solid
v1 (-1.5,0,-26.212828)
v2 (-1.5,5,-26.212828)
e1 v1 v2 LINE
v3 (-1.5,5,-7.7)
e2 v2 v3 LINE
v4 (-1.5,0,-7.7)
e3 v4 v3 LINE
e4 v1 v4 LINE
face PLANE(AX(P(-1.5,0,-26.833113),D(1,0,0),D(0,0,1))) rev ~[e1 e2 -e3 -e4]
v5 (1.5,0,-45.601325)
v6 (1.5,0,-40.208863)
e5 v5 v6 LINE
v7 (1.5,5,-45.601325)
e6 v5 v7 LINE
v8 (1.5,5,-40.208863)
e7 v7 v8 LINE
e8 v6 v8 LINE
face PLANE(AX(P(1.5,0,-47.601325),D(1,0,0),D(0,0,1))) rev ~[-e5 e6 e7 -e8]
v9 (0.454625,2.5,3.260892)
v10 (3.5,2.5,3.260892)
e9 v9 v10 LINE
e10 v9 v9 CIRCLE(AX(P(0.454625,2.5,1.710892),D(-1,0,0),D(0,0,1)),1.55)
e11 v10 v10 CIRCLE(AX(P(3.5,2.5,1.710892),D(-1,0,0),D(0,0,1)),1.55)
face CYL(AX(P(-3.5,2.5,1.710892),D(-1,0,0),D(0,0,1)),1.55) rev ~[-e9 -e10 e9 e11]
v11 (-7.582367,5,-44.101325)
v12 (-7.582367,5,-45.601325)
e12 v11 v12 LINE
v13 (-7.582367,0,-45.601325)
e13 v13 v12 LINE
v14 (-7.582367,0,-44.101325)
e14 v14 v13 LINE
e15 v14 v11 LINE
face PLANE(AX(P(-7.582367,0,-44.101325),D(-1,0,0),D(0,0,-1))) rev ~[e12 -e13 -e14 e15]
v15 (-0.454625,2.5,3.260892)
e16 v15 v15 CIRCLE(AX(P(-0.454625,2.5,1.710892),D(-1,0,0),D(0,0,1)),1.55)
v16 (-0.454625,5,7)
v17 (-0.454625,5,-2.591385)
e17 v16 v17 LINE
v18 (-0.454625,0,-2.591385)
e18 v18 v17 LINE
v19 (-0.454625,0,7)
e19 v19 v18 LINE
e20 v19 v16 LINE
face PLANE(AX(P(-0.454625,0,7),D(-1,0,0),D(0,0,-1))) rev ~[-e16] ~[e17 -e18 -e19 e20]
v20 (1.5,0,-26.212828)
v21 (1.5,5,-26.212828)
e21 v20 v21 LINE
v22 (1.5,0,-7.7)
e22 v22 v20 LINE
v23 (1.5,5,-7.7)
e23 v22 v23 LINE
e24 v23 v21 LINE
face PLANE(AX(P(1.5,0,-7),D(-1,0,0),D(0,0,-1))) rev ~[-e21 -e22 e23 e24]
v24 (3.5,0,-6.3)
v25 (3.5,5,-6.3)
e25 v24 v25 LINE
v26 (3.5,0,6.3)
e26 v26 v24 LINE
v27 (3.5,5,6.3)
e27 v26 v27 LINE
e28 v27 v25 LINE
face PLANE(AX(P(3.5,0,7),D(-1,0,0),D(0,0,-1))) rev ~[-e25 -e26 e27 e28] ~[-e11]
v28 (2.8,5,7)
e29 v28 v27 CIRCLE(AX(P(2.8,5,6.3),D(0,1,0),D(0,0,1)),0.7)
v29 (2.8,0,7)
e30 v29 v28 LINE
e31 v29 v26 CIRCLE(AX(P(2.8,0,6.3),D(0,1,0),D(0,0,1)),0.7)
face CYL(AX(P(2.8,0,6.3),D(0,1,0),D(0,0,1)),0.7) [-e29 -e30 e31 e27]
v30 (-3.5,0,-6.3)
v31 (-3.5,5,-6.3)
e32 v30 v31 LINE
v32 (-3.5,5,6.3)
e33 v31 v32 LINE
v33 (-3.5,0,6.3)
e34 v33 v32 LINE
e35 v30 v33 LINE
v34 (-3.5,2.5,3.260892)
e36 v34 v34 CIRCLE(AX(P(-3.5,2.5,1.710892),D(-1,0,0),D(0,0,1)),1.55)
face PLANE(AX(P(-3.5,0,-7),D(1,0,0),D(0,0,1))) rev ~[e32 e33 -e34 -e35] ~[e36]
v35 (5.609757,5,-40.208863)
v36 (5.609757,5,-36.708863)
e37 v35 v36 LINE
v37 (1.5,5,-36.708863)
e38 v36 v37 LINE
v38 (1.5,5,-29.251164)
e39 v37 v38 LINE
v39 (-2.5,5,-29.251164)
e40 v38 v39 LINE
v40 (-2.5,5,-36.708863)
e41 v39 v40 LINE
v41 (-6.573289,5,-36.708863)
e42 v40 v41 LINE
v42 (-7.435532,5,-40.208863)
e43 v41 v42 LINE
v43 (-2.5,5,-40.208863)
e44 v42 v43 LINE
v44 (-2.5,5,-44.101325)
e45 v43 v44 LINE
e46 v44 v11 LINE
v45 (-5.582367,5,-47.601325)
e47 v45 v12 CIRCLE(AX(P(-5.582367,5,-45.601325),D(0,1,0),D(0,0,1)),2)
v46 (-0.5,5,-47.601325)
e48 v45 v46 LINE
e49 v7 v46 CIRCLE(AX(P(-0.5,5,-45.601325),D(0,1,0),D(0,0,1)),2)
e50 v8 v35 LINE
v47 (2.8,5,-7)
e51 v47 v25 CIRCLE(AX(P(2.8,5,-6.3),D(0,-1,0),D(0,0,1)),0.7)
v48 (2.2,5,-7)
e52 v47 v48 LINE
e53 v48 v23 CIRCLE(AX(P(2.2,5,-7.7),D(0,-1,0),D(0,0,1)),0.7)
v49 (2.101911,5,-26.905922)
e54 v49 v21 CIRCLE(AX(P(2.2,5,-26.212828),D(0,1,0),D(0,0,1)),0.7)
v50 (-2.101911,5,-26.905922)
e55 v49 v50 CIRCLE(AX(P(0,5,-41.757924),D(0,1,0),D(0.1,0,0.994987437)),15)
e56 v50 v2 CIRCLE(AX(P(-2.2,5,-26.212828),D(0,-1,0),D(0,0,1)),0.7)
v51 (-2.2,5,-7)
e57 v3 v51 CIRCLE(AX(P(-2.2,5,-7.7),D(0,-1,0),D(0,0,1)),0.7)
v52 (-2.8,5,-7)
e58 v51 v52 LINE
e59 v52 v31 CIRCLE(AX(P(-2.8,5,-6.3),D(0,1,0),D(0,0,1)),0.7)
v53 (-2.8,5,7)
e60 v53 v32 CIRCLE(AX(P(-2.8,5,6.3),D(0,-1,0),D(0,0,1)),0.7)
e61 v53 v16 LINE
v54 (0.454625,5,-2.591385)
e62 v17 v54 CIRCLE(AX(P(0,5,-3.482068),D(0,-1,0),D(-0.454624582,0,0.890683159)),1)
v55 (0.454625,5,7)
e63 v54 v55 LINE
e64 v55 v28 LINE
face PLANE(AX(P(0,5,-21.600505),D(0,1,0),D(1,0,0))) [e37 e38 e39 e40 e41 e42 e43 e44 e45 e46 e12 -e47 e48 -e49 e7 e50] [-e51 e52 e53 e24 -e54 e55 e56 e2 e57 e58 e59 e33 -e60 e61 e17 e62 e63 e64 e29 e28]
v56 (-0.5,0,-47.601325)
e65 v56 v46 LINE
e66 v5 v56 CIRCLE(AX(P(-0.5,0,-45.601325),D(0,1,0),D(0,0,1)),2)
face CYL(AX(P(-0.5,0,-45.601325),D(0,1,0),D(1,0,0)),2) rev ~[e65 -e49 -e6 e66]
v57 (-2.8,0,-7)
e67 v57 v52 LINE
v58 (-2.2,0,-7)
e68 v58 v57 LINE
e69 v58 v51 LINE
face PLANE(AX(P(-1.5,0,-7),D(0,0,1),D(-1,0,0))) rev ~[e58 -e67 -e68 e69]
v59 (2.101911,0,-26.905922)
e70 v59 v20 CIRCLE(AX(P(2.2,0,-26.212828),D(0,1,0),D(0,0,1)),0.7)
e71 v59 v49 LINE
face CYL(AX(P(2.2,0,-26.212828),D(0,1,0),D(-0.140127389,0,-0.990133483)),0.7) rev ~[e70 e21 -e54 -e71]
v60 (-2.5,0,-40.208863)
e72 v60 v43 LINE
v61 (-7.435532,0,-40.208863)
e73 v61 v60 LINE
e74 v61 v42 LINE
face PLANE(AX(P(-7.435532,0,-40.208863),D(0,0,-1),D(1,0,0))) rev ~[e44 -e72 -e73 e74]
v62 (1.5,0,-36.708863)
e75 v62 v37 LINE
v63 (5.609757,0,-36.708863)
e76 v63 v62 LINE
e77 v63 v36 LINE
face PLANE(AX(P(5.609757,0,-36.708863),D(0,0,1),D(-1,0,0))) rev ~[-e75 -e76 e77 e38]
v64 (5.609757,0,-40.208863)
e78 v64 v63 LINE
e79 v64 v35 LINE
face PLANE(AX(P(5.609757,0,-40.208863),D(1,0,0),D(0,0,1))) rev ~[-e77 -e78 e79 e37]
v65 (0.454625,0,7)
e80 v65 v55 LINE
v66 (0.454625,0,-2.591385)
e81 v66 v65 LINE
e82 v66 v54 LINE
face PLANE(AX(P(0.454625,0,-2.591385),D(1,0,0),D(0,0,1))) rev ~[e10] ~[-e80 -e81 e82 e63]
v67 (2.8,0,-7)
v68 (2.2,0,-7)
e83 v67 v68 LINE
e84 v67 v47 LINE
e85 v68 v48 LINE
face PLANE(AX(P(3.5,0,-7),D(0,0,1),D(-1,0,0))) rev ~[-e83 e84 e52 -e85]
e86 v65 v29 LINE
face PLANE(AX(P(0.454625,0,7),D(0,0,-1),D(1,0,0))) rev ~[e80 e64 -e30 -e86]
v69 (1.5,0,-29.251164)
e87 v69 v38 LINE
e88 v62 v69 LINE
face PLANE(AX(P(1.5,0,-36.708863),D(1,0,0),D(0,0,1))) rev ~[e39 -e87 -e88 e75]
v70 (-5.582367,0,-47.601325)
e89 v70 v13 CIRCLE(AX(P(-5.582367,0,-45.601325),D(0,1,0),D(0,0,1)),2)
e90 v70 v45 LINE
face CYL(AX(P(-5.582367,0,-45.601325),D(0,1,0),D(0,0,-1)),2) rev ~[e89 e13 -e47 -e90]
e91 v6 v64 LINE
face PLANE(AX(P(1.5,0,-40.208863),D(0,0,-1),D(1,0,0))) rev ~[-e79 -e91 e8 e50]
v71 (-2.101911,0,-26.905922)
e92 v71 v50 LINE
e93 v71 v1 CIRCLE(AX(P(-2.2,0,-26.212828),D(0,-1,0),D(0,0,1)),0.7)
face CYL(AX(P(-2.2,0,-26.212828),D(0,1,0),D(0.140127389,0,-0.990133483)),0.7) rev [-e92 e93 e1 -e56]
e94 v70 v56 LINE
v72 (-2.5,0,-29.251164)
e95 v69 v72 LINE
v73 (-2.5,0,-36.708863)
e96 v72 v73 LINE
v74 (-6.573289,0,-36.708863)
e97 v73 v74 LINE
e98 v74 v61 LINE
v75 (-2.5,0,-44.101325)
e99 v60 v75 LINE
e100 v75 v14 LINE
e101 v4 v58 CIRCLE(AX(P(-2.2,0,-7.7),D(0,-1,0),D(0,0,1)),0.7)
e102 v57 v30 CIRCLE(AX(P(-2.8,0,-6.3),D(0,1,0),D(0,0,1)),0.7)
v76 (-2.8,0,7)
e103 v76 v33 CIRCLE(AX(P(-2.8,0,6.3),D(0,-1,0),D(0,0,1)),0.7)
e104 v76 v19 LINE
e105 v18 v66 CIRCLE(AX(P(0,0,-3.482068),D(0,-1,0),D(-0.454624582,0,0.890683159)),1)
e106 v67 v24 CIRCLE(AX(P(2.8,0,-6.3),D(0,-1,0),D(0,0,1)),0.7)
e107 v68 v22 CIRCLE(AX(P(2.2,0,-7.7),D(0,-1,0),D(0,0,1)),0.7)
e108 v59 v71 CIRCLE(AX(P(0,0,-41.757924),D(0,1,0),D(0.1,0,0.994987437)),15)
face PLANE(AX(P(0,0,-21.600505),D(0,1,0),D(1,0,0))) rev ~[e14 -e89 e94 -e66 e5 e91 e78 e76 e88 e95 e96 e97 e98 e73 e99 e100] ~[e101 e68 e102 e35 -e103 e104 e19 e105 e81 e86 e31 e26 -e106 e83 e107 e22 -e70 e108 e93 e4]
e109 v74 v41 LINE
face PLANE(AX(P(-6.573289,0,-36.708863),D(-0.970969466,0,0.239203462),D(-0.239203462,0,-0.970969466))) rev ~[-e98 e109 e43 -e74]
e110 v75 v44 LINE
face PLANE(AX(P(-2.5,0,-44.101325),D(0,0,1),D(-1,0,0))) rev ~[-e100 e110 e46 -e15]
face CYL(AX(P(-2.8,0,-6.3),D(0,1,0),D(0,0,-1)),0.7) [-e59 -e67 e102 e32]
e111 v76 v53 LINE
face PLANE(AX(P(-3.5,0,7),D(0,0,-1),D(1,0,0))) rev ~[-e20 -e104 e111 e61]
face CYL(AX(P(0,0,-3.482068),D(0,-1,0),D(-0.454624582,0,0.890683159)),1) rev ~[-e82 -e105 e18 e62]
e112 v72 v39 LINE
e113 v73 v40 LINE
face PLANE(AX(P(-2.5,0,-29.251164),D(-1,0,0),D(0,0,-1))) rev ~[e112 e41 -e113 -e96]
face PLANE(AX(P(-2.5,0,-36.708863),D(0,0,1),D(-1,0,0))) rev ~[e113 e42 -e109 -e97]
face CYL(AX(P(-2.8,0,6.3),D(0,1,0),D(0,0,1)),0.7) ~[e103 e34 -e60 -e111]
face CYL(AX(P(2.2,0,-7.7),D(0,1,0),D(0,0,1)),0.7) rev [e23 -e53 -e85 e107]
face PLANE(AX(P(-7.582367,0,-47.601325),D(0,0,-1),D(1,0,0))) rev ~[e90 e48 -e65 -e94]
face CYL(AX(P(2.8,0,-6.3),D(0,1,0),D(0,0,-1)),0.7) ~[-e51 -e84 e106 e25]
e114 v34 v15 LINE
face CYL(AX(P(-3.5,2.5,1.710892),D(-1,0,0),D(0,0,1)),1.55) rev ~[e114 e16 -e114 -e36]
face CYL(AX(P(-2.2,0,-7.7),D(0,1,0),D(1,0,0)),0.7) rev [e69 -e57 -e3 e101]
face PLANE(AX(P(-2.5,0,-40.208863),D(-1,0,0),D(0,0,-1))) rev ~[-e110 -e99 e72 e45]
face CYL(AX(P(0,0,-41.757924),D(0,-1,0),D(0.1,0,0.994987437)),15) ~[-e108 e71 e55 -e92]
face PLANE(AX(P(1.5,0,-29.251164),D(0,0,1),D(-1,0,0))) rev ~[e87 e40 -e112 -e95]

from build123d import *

# Parameters (mm, degrees)
BOSS_EXTRUDE2_DEPTH = 5
SKETCH5_R           = 1.55
CUT_EXTRUDE1_DEPTH  = 60.905859109
FILLET6_R           = 0.7
FILLET7_R           = 0.7
FILLET8_R           = 0.7
FILLET9_R           = 0.7
FILLET10_R          = 0.7
FILLET11_R          = 0.7
FILLET12_R          = 0.7
FILLET13_R          = 0.7
FILLET14_R          = 2
FILLET15_R          = 2


with BuildPart() as part:
    # Sketch3 → Boss-Extrude2 (new body)
    with BuildSketch(Plane(origin=(0, 0, 0), x_dir=(1, 0, 0), z_dir=(0, 1, 0))):
        with BuildLine():
            Line((0.454624582, 2.591384664), (0.454624582, -7))
            Line((0.454624582, -7), (3.5, -7))
            Line((3.5, -7), (3.5, 7))
            Line((3.5, 7), (1.5, 7))
            Line((1.5, 7), (1.5, 26.833112609))
            ThreePointArc((1.5, 26.833112609), (0, 56.757924165), (-1.5, 26.833112609))
            Line((-1.5, 26.833112609), (-1.5, 7))
            Line((-1.5, 7), (-3.5, 7))
            Line((-3.5, 7), (-3.5, -7))
            Line((-3.5, -7), (-0.454624582, -7))
            Line((-0.454624582, -7), (-0.454624582, 2.591384664))
            ThreePointArc((-0.454624582, 2.591384664), (0, 4.482067823), (0.454624582, 2.591384664))
        make_face()
        Polygon((1.5, 36.708863036), (1.5, 29.251163785), (-2.5, 29.251163785), (-2.5, 36.708863036), (-6.573288639, 36.708863036), (-7.435532145, 40.208863036), (-2.5, 40.208863036), (-2.5, 44.101325286), (-7.582366619, 44.101325286), (-7.582366619, 47.601325286), (1.5, 47.601325286), (1.5, 40.208863036), (5.609756824, 40.208863036), (5.609756824, 36.708863036), align=None, mode=Mode.SUBTRACT)
    extrude(amount=BOSS_EXTRUDE2_DEPTH)

    # Sketch5 → Cut-Extrude1 (cut, through all)
    with BuildSketch(Plane.ZY.offset(3.5)):
        with Locations((1.710892138, 2.5)):
            Circle(SKETCH5_R)
    extrude(amount=-CUT_EXTRUDE1_DEPTH, mode=Mode.SUBTRACT)

    # Fillet6
    fillet6_edges = [part.edges().sort_by_distance(p)[0] for p in [
        (1.5, 2.5, -7),
    ]]
    fillet(fillet6_edges, radius=FILLET6_R)

    # Fillet7
    fillet7_edges = [part.edges().sort_by_distance(p)[0] for p in [
        (3.5, 2.5, -7),
    ]]
    fillet(fillet7_edges, radius=FILLET7_R)

    # Fillet8
    fillet8_edges = [part.edges().sort_by_distance(p)[0] for p in [
        (-1.5, 2.5, -7),
    ]]
    fillet(fillet8_edges, radius=FILLET8_R)

    # Fillet9
    fillet9_edges = [part.edges().sort_by_distance(p)[0] for p in [
        (-3.5, 2.5, -7),
    ]]
    fillet(fillet9_edges, radius=FILLET9_R)

    # Fillet10
    fillet10_edges = [part.edges().sort_by_distance(p)[0] for p in [
        (3.5, 2.5, 7),
    ]]
    fillet(fillet10_edges, radius=FILLET10_R)

    # Fillet11
    fillet11_edges = [part.edges().sort_by_distance(p)[0] for p in [
        (-3.5, 2.5, 7),
    ]]
    fillet(fillet11_edges, radius=FILLET11_R)

    # Fillet12
    fillet12_edges = [part.edges().sort_by_distance(p)[0] for p in [
        (1.5, 2.5, -26.833112609),
    ]]
    fillet(fillet12_edges, radius=FILLET12_R)

    # Fillet13
    fillet13_edges = [part.edges().sort_by_distance(p)[0] for p in [
        (-1.5, 2.5, -26.833112609),
    ]]
    fillet(fillet13_edges, radius=FILLET13_R)

    # Fillet14
    fillet14_edges = [part.edges().sort_by_distance(p)[0] for p in [
        (1.5, 2.5, -47.601325286),
    ]]
    fillet(fillet14_edges, radius=FILLET14_R)

    # Fillet15
    fillet15_edges = [part.edges().sort_by_distance(p)[0] for p in [
        (-7.582366619, 2.5, -47.601325286),
    ]]
    fillet(fillet15_edges, radius=FILLET15_R)


solid = part.part
